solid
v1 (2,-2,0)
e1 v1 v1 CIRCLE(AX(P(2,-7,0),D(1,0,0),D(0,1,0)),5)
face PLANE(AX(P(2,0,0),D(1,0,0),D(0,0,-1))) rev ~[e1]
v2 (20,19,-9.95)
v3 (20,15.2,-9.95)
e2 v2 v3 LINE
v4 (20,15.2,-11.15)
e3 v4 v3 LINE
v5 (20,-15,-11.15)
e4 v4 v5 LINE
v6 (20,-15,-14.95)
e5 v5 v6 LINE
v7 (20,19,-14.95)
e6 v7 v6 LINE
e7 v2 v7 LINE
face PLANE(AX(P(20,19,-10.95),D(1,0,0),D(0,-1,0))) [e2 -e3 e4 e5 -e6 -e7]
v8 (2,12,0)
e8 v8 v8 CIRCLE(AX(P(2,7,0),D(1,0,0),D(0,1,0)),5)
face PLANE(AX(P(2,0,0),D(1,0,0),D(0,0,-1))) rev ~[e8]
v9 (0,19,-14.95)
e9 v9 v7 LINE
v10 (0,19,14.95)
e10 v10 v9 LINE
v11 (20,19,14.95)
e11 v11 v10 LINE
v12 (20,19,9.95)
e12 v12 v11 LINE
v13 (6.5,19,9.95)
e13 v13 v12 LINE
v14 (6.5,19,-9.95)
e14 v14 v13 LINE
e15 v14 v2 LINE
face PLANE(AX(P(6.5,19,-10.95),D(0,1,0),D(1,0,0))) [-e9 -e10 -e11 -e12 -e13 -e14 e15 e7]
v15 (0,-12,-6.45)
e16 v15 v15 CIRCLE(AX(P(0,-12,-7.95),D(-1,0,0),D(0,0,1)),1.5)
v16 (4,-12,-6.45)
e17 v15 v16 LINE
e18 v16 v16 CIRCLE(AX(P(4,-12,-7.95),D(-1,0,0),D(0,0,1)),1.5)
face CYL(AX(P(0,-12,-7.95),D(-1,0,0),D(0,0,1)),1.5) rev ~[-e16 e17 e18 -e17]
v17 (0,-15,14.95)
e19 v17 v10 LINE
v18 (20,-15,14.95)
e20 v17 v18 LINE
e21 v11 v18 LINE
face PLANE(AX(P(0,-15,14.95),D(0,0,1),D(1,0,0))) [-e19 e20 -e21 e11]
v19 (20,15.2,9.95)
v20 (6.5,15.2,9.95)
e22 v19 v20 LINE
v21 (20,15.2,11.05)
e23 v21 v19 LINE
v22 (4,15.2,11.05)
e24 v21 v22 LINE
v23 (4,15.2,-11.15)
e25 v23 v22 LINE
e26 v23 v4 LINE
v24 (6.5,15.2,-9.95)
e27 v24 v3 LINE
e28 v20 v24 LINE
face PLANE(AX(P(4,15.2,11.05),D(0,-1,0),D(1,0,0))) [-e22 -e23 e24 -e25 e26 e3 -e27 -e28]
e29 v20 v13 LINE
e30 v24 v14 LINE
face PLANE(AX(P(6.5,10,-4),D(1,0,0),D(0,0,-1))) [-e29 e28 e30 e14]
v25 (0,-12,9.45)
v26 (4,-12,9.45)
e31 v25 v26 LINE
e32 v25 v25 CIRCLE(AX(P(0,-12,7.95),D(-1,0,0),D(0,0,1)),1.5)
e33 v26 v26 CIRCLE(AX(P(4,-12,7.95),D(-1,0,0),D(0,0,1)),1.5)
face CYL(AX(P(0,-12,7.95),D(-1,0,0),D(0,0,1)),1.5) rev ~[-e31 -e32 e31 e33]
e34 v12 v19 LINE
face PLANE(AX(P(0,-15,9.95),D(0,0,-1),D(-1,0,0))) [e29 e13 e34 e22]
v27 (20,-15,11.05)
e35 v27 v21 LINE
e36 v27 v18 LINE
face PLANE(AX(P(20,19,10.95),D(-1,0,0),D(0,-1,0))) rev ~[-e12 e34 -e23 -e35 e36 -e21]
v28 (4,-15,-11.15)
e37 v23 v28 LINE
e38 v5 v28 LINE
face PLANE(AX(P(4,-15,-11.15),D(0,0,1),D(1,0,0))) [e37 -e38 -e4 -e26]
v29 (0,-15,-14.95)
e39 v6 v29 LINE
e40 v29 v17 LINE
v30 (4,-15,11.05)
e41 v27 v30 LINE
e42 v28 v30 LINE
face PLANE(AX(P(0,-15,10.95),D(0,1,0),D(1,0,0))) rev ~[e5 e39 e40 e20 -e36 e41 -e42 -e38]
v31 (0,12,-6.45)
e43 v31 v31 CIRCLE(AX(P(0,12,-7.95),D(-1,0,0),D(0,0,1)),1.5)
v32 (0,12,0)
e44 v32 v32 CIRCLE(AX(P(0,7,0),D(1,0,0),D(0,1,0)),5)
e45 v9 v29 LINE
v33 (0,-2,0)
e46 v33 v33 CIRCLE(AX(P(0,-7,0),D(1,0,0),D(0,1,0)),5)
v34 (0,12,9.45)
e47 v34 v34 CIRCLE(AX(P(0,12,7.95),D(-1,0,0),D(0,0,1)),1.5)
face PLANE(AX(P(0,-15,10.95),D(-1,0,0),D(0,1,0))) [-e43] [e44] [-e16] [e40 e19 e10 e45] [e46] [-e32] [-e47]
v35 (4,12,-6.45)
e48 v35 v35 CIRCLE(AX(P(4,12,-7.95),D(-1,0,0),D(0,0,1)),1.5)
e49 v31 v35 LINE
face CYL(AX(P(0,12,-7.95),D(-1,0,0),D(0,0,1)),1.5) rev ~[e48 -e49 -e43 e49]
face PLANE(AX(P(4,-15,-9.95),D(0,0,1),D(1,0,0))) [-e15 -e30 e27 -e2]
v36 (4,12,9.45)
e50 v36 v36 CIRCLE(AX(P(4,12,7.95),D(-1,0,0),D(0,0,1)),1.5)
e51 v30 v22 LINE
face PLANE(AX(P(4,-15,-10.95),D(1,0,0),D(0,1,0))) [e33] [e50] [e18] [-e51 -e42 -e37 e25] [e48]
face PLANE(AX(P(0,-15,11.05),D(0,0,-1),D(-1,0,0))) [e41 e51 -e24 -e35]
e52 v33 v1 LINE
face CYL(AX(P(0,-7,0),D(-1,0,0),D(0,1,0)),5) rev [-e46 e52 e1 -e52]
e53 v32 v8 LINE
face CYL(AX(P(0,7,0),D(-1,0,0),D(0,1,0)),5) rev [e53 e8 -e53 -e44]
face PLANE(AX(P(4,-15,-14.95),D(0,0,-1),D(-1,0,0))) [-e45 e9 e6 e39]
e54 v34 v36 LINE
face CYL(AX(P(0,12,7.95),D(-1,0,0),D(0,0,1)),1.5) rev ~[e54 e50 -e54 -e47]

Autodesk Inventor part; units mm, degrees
ref_plane "YZ Plane" through (0, 0, 0) normal (1, 0, 0) x (0, 1, 0)
ref_plane "XZ Plane" through (0, 0, 0) normal (0, 1, 0) x (-1, 0, 0)
sketch "Эскиз1" plane through (0, 0, 0) normal (1, 0, 0) x (0, 1, 0)
  line L0 (-15, -10.95) -> (15, -10.95)
  line L1 (15, -10.95) -> (15, 10.95)
  line L2 (15, 10.95) -> (-15, 10.95)
  line L3 (-15, 10.95) -> (-15, -10.95)
  line L4 (-15, -10.95) -> (15, 10.95) construction
  line L5 (15, -10.95) -> (-15, 10.95) construction
  circle A0 centre (7, 0) radius 5
  circle A1 centre (-7, 0) radius 5
  point P0 (0, 0)
  dimension "d0" = 30
  dimension "d1" = 21.9
  dimension "d2" = 10
  dimension "d3" = 10
  dimension "d4" = 8
  dimension "d5" = 14
  dimension "d6" = 8
  dimension "d7" = 0
extrude "Выдавливание1" add sketch "Эскиз1" along normal blind 2
sketch "Эскиз2" plane through (2, 0, 0) normal (1, 0, 0) x (0, 0, -1)
  line L0 (10.95, 15) -> (-10.95, 15) projected
  line L1 (10.95, -15) -> (-10.95, -15)
  line L2 (-10.95, -15) -> (-10.95, 15)
  line L3 (-10.95, 15) -> (10.95, 15)
  line L4 (10.95, 15) -> (10.95, -15)
  line L5 (10.95, -15) -> (-10.95, 15) construction
  line L6 (-10.95, -15) -> (10.95, 15) construction
  point P0 (0, 0)
extrude "Выдавливание2" add sketch "Эскиз2" along normal blind 2
sketch "Эскиз3" plane through (0, 0, 0) normal (-1, 0, 0) x (0, 0, 1)
  circle A0 centre (-7.95, 12) radius 1.5
  line L0 (-10.95, 15) -> (10.95, 15) projected
  line L1 (-10.95, -15) -> (-10.95, 15) projected
  circle A1 centre (-7.95, -12) radius 1.5
  line L2 (10.95, -15) -> (-10.95, -15) projected
  circle A2 centre (7.95, 12) radius 1.5
  line L3 (10.95, 15) -> (10.95, -15) projected
  circle A3 centre (7.95, -12) radius 1.5
  point P0 (0, 0)
  dimension "d12" = 3
  dimension "d13" = 3
  dimension "d14" = 3
  dimension "d15" = 3
  dimension "d16" = 3
  dimension "d17" = 3
  dimension "d18" = 3
  dimension "d19" = 3
  dimension "d20" = 3
extrude "Выдавливание3" cut sketch "Эскиз3" against normal up to surface (4 mm away) contours A0 | A1 | A2 | A3
ref_plane "РабПлоскость1" through (0, 10, -4) normal (1, 0, 0) x (0, 0, -1)
sketch "Эскиз4" plane through (0, 10, -4) normal (1, 0, 0) x (0, 0, -1)
  line L0 (6.95, 5) -> (-14.95, 5) projected
  line L1 (-14.95, 5) -> (6.95, 5)
  line L2 (6.95, 5) -> (6.95, 9)
  line L3 (6.95, 9) -> (-14.95, 9)
  line L4 (-14.95, 9) -> (-14.95, 5)
  point P0 (-4, -10)
  dimension "d23" = 4
extrude "Выдавливание4" add sketch "Эскиз4" along normal blind 6.5
sketch "Эскиз5" plane through (4, -15, -10.95) normal (0, 0, -1) x (-1, 0, 0)
  line L0 (4, 34) -> (4, 0) projected
  line L1 (4, 34) -> (-16, 34)
  line L2 (-16, 34) -> (-16, 0)
  line L3 (-16, 0) -> (4, 0)
  line L4 (4, 0) -> (4, 34)
  point P0 (4, 15)
  dimension "d26" = 20
extrude "Выдавливание5" add sketch "Эскиз5" along normal blind 4
sketch "Эскиз6" plane through (0, -15, 10.95) normal (0, 0, 1) x (1, 0, 0)
  line L0 (0, 0) -> (0, 34) projected
  line L1 (20, 34) -> (20, 0) projected
  line L2 (0, 0) -> (20, 0)
  line L3 (20, 0) -> (20, 34)
  line L4 (20, 34) -> (0, 34)
  line L5 (0, 34) -> (0, 0)
  point P0 (0, 15)
  point P1 (20, 0)
  point P2 (0, 34)
extrude "Выдавливание6" add sketch "Эскиз6" along normal blind 4
sketch "Эскиз7" plane through (0, -15, 10.95) normal (0, 0, -1) x (-1, 0, 0)
  line L0 (-20, 0) -> (-20, 34) projected
  line L1 (-20, 0) -> (-4, 0)
  line L2 (-4, 0) -> (-4, 30)
  line L3 (-4, 30) -> (-20, 30)
  line L4 (-20, 30) -> (-20, 0)
  point P0 (0, 15)
extrude "Выдавливание7" cut sketch "Эскиз7" along normal mid plane 0.2
sketch "Эскиз8" plane through (4, -15, -10.95) normal (0, 0, 1) x (1, 0, 0)
  line L0 (16, 34) -> (16, 0) projected
  line L1 (0, 0) -> (0, 30) projected
  line L2 (16, 0) -> (0, 0)
  line L3 (0, 0) -> (0, 30)
  line L4 (0, 30) -> (16, 30)
  line L5 (16, 30) -> (16, 0)
  point P0 (-4, 15)
extrude "Выдавливание8" cut sketch "Эскиз8" against normal blind 0.2
sketch "Эскиз9" plane through (0, -15, 10.95) normal (0, 0, -1) x (-1, 0, 0)
  line L0 (-20, 30) -> (-6.5, 30) projected
  line L1 (-6.5, 34) -> (-20, 34)
  line L2 (-20, 34) -> (-20, 30)
  line L3 (-20, 30) -> (-6.5, 30)
  line L4 (-6.5, 30) -> (-6.5, 34)
  point P0 (0, 15)
extrude "Выдавливание9" add sketch "Эскиз9" along normal blind 1
sketch "Эскиз10" plane through (4, -15, -10.95) normal (0, 0, 1) x (1, 0, 0)
  line L0 (2.5, 30) -> (2.5, 34) projected
  line L1 (2.5, 30) -> (16, 30) projected
  line L2 (2.5, 34) -> (16, 34)
  line L3 (16, 34) -> (16, 30)
  line L4 (16, 30) -> (2.5, 30)
  line L5 (2.5, 30) -> (2.5, 34)
  point P0 (-4, 15)
extrude "Выдавливание10" add sketch "Эскиз10" along normal blind 1
sketch "Эскиз11" plane through (4, 15, 11.05) normal (0, -1, 0) x (1, 0, 0)
  line L0 (0, -22.2) -> (0, 0) projected
  line L1 (0, -22.2) -> (16, -22.2) projected
  line L2 (16, -22.2) -> (16, -21) projected
  line L3 (2.5, -21) -> (16, -21) projected
  line L4 (2.5, -1.1) -> (2.5, -21) projected
  line L5 (16, -1.1) -> (2.5, -1.1) projected
  line L6 (16, 0) -> (16, -1.1) projected
  line L7 (16, 0) -> (0, 0) projected
  point P0 (-4, -11.05)
extrude "Выдавливание11" cut sketch "Эскиз11" against normal blind 0.2
properties part number "держатель магнитов на основе"
